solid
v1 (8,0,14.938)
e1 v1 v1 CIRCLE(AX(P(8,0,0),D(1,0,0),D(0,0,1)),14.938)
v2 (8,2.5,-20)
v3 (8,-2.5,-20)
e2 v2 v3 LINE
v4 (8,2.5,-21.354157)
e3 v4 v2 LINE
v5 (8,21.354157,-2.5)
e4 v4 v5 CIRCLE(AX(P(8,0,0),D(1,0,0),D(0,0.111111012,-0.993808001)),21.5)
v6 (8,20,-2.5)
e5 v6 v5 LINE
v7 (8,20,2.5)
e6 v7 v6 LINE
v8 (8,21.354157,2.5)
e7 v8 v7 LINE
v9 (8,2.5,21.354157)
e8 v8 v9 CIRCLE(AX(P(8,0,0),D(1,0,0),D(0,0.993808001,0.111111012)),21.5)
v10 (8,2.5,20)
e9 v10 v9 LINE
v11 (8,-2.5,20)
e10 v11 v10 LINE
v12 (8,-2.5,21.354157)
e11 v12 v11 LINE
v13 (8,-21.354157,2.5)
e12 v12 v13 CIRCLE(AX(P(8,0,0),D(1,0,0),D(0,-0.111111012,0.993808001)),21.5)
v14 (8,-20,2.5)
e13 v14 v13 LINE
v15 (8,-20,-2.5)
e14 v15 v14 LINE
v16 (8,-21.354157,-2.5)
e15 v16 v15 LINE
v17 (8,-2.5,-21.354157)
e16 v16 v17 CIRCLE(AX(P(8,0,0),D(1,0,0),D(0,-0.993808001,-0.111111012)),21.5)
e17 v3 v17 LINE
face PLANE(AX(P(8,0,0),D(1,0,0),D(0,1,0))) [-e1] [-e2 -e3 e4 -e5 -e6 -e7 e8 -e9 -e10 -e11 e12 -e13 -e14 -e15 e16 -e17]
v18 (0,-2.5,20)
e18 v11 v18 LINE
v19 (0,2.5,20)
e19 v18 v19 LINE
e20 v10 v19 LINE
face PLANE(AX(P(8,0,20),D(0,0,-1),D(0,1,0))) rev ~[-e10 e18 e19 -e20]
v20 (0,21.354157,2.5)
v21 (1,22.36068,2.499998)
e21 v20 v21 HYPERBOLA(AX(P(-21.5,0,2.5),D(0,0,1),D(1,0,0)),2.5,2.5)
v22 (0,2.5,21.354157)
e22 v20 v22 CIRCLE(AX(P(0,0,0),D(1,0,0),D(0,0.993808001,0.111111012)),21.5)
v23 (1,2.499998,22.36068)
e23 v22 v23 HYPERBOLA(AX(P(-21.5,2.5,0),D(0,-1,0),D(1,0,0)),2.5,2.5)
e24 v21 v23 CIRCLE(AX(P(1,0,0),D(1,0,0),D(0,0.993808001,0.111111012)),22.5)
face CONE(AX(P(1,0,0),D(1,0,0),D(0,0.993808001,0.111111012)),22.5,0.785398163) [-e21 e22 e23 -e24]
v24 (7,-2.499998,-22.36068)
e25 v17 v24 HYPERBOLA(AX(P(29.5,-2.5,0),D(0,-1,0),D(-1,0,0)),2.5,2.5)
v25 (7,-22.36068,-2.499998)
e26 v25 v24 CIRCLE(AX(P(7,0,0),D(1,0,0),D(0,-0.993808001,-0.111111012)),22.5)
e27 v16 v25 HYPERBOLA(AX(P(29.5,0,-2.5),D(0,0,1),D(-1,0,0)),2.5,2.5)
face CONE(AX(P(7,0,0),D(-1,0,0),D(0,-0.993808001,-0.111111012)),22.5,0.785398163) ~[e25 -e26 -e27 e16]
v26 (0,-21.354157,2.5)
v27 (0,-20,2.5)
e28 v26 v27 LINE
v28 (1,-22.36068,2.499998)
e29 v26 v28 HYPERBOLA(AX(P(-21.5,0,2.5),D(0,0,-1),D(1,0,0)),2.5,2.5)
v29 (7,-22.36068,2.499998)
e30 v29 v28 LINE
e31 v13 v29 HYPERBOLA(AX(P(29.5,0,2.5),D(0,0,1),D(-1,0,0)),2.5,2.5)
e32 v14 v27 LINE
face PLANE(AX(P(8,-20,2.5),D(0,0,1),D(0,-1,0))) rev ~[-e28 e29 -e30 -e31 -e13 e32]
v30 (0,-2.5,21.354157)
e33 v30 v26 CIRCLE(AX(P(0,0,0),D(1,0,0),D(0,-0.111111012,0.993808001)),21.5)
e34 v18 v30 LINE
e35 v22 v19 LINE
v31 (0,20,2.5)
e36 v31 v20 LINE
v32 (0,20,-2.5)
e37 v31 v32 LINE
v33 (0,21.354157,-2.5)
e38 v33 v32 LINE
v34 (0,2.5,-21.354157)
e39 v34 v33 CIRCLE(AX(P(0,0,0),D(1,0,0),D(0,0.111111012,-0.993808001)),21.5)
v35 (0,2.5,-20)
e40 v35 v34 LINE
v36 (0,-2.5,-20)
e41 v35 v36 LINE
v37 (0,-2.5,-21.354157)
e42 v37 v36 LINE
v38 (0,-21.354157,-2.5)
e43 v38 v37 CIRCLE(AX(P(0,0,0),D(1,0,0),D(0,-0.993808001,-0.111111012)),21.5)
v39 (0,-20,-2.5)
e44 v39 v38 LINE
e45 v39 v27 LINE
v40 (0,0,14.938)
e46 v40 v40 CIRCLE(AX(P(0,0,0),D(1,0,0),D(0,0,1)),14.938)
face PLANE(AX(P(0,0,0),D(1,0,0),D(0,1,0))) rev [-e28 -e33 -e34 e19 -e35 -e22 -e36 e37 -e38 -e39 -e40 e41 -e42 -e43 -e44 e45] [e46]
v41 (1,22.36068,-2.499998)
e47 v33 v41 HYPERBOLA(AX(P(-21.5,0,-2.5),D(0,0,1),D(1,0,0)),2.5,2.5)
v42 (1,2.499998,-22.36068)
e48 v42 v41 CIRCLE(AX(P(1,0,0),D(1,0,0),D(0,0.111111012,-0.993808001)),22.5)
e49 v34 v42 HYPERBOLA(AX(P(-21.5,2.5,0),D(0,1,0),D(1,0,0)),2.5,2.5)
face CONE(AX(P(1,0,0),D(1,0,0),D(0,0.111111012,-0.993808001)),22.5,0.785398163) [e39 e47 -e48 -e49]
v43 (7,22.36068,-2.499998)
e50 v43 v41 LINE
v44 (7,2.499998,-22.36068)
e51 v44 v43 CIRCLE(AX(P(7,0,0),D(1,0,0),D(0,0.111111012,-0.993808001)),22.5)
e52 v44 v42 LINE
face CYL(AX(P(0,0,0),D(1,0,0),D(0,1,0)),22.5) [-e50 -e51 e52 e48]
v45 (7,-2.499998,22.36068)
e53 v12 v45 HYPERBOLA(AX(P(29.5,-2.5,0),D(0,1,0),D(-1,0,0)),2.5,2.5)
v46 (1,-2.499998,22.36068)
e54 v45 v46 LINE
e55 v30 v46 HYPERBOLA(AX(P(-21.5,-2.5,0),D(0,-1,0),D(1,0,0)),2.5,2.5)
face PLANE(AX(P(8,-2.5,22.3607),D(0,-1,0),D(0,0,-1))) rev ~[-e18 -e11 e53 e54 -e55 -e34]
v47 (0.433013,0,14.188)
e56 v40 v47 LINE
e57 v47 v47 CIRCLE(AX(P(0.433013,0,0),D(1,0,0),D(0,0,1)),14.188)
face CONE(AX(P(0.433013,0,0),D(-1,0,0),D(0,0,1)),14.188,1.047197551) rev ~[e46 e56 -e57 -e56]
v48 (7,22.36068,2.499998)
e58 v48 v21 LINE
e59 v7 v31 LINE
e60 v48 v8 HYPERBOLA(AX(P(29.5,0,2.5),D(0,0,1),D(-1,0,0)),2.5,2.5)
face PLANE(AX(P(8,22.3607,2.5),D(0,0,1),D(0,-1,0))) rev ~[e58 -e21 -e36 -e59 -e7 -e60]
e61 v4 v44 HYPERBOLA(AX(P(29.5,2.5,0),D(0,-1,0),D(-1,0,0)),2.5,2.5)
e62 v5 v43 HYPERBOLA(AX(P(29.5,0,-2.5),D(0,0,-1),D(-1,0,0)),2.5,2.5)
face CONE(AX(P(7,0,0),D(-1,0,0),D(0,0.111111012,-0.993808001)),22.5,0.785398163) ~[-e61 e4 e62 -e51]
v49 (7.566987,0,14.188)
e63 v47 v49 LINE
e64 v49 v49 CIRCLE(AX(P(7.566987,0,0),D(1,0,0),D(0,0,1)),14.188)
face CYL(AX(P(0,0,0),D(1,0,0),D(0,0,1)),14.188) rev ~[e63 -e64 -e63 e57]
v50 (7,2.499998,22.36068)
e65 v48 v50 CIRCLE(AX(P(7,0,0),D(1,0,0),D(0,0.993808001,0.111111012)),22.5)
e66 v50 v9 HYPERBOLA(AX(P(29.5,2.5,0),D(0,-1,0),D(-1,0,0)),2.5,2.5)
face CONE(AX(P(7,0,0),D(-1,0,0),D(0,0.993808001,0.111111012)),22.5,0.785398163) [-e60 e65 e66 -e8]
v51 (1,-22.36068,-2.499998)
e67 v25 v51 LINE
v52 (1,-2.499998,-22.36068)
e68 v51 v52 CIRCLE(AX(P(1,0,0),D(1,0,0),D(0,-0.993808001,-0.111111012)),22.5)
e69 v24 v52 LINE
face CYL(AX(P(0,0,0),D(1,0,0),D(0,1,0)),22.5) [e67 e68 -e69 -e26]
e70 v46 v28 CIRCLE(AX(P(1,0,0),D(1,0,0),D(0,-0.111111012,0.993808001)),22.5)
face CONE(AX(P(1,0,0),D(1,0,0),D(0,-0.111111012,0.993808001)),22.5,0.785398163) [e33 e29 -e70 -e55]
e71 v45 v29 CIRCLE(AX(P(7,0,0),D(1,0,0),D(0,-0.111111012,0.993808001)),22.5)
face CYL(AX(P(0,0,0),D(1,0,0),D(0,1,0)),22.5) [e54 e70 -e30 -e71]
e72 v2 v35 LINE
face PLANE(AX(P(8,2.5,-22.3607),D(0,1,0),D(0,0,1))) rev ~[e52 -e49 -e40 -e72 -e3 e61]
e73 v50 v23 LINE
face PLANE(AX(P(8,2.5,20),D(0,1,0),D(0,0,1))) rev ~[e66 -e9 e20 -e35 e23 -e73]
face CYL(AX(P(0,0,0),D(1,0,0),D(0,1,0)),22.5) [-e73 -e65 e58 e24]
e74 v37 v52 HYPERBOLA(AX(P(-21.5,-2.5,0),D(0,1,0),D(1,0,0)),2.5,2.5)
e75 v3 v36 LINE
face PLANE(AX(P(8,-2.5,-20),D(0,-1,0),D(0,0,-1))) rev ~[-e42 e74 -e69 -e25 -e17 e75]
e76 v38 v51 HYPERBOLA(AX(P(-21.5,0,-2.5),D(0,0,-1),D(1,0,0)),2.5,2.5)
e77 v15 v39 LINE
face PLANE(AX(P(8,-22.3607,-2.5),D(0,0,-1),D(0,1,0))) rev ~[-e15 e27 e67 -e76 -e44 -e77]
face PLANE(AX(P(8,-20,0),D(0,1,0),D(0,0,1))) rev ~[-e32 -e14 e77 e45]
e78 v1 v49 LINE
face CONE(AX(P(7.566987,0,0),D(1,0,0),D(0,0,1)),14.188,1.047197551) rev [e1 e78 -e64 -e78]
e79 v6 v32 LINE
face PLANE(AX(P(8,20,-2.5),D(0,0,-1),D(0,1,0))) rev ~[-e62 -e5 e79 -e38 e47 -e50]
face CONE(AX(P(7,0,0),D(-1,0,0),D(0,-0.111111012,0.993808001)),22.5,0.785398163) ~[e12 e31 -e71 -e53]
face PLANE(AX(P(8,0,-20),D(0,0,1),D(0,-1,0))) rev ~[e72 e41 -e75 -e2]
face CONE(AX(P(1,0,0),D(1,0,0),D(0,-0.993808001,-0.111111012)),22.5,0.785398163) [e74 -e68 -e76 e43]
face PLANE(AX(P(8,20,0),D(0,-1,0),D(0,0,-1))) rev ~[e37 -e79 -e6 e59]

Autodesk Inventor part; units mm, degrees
ref_plane "YZ Plane" through (0, 0, 0) normal (1, 0, 0) x (0, 1, 0)
ref_plane "XZ Plane" through (0, 0, 0) normal (0, 1, 0) x (-1, 0, 0)
sketch "草图1" plane through (0, 0, 0) normal (0, 0, 1) x (1, 0, 0)
  line L0 (0, 0) -> (8, 0)
  line L1 (0, 0) -> (0, 22.5)
  line L2 (0, 22.5) -> (8, 22.5)
  line L3 (8, 22.5) -> (8, 0)
  line L4 (0, 27) -> (0, -4.5) projected
  line L5 (-1.6, 0) -> (9.6, 0) projected
  dimension "d1" = 45
  dimension "d2" = 8
revolve "轴承体" add sketch "草图1" angle 360 about axis through (0, 0, 0) along (1, 0, 0)
sketch "草图2" plane through (0, 0, 0) normal (-1, 0, 0) x (0, 0, 1)
  circle A0 centre (0, 0) radius 22.5 projected
  point P0 (0, 0)
hole "螺纹" at (0, 0, 0) direction (1, 0, 0) diameter 28.376 end through all thread size "M30x1.5" class "6H" standard "GB Metric profile"
sketch "草图3" plane through (8, 0, 0) normal (1, 0, 0) x (0, 0, -1)
  circle A0 centre (0, 0) radius 22.5 projected
  line L0 (-2.5, 22.3607) -> (-2.5, 20)
  line L1 (-2.5, 20) -> (2.5, 20)
  line L2 (2.5, 20) -> (2.5, 22.3607)
  line L3 (0, -31.5) -> (0, 31.5) projected
  line L4 (-31.5, 0) -> (31.5, 0) projected
  dimension "d12" = 2.5
  dimension "d13" = 2.5
  dimension "d14" = 20
extrude "沟槽1" cut sketch "草图3" against normal through all contours L2 L1 L3 A0 | L3 L1 L0 A0
pattern_circular "IDS_ARRAYGROOVE{1}" count 4 over 360 about axis through (-10, 0, 0) along (1, 0, 0) of "沟槽1"
chamfer "倒角1" distance 1 angle 45 4 edges at (0, 15.9099, -15.9099) (0, 15.9099, 15.9099) (0, -15.9099, -15.9099) (0, -15.9099, 15.9099) measured on face at (0, -17.8541, -8.1385)
chamfer "倒角2" distance 1 angle 45 4 edges at (8, 15.9099, 15.9099) (8, 15.9099, -15.9099) (8, -15.9099, -15.9099) (8, -15.9099, 15.9099) measured on face at (8, -17.8541, -8.1385)
chamfer "倒角3" distance 0.75 angle 30 1 edges at (8, 0, -14.188) measured on face at (8, 17.2423, 7.8853)
chamfer "倒角4" distance 0.75 angle 30 1 edges at (0, 0, -14.188) measured on face at (0, 17.2423, 7.8853)
ref_plane "Work Plane1" through (64.1405, 0, 0) normal (0, 1, 0) x (-1, 0, 0)
equation "\"d1\" = SD2"
equation "\"d2\" = KOH"
equation "\"d12\" = 0.5 * SNB"
equation "\"d13\" = 0.5 * SNB"
equation "\"d14\" = 0.5 * SD2 - SNT"
equation "\"d10\" = -0.5 * LADI + 0.5 * SD2"
equation "\"d11\" = FAWI"
equation "\"d41\" = -0.5 * LADI + 0.5 * SD2"
equation "\"d25\" = -0.5 * LADI + 0.5 * SD2"
equation "\"d27\" = FAWI"
equation "\"d42\" = -0.5 * LADI + 0.5 * SD2"
equation "\"d18\" = 0.025 * NND"
equation "\"d43\" = 0.025 * NND"
equation "\"d20\" = 0.025 * NND"
equation "\"d44\" = 0.025 * NND"
equation "\"KOH\" = 8"
equation "\"SD2\" = 45"
equation "\"SNB\" = 5"
equation "\"SNT\" = 2.5"
equation "\"LADI\" = 43"
equation "\"FAWI\" = 45deg"
equation "\"GUL\" = 0.61345 * PTC"
equation "\"PHH\" = 1"
equation "\"TOA\" = 30deg"
equation "\"PTC\" = 1.5"
equation "\"FAWI1\" = 60deg"
equation "\"GAL\" = 0.61345 * PTC"
equation "\"GD1\" = THREADDIA - 1.2269 * PTC"
equation "\"NND\" = 30"
equation "\"THREADDIA\" = 30"
properties part number "螺母 GB 810 M30 x 1.5" material "钢，软"
